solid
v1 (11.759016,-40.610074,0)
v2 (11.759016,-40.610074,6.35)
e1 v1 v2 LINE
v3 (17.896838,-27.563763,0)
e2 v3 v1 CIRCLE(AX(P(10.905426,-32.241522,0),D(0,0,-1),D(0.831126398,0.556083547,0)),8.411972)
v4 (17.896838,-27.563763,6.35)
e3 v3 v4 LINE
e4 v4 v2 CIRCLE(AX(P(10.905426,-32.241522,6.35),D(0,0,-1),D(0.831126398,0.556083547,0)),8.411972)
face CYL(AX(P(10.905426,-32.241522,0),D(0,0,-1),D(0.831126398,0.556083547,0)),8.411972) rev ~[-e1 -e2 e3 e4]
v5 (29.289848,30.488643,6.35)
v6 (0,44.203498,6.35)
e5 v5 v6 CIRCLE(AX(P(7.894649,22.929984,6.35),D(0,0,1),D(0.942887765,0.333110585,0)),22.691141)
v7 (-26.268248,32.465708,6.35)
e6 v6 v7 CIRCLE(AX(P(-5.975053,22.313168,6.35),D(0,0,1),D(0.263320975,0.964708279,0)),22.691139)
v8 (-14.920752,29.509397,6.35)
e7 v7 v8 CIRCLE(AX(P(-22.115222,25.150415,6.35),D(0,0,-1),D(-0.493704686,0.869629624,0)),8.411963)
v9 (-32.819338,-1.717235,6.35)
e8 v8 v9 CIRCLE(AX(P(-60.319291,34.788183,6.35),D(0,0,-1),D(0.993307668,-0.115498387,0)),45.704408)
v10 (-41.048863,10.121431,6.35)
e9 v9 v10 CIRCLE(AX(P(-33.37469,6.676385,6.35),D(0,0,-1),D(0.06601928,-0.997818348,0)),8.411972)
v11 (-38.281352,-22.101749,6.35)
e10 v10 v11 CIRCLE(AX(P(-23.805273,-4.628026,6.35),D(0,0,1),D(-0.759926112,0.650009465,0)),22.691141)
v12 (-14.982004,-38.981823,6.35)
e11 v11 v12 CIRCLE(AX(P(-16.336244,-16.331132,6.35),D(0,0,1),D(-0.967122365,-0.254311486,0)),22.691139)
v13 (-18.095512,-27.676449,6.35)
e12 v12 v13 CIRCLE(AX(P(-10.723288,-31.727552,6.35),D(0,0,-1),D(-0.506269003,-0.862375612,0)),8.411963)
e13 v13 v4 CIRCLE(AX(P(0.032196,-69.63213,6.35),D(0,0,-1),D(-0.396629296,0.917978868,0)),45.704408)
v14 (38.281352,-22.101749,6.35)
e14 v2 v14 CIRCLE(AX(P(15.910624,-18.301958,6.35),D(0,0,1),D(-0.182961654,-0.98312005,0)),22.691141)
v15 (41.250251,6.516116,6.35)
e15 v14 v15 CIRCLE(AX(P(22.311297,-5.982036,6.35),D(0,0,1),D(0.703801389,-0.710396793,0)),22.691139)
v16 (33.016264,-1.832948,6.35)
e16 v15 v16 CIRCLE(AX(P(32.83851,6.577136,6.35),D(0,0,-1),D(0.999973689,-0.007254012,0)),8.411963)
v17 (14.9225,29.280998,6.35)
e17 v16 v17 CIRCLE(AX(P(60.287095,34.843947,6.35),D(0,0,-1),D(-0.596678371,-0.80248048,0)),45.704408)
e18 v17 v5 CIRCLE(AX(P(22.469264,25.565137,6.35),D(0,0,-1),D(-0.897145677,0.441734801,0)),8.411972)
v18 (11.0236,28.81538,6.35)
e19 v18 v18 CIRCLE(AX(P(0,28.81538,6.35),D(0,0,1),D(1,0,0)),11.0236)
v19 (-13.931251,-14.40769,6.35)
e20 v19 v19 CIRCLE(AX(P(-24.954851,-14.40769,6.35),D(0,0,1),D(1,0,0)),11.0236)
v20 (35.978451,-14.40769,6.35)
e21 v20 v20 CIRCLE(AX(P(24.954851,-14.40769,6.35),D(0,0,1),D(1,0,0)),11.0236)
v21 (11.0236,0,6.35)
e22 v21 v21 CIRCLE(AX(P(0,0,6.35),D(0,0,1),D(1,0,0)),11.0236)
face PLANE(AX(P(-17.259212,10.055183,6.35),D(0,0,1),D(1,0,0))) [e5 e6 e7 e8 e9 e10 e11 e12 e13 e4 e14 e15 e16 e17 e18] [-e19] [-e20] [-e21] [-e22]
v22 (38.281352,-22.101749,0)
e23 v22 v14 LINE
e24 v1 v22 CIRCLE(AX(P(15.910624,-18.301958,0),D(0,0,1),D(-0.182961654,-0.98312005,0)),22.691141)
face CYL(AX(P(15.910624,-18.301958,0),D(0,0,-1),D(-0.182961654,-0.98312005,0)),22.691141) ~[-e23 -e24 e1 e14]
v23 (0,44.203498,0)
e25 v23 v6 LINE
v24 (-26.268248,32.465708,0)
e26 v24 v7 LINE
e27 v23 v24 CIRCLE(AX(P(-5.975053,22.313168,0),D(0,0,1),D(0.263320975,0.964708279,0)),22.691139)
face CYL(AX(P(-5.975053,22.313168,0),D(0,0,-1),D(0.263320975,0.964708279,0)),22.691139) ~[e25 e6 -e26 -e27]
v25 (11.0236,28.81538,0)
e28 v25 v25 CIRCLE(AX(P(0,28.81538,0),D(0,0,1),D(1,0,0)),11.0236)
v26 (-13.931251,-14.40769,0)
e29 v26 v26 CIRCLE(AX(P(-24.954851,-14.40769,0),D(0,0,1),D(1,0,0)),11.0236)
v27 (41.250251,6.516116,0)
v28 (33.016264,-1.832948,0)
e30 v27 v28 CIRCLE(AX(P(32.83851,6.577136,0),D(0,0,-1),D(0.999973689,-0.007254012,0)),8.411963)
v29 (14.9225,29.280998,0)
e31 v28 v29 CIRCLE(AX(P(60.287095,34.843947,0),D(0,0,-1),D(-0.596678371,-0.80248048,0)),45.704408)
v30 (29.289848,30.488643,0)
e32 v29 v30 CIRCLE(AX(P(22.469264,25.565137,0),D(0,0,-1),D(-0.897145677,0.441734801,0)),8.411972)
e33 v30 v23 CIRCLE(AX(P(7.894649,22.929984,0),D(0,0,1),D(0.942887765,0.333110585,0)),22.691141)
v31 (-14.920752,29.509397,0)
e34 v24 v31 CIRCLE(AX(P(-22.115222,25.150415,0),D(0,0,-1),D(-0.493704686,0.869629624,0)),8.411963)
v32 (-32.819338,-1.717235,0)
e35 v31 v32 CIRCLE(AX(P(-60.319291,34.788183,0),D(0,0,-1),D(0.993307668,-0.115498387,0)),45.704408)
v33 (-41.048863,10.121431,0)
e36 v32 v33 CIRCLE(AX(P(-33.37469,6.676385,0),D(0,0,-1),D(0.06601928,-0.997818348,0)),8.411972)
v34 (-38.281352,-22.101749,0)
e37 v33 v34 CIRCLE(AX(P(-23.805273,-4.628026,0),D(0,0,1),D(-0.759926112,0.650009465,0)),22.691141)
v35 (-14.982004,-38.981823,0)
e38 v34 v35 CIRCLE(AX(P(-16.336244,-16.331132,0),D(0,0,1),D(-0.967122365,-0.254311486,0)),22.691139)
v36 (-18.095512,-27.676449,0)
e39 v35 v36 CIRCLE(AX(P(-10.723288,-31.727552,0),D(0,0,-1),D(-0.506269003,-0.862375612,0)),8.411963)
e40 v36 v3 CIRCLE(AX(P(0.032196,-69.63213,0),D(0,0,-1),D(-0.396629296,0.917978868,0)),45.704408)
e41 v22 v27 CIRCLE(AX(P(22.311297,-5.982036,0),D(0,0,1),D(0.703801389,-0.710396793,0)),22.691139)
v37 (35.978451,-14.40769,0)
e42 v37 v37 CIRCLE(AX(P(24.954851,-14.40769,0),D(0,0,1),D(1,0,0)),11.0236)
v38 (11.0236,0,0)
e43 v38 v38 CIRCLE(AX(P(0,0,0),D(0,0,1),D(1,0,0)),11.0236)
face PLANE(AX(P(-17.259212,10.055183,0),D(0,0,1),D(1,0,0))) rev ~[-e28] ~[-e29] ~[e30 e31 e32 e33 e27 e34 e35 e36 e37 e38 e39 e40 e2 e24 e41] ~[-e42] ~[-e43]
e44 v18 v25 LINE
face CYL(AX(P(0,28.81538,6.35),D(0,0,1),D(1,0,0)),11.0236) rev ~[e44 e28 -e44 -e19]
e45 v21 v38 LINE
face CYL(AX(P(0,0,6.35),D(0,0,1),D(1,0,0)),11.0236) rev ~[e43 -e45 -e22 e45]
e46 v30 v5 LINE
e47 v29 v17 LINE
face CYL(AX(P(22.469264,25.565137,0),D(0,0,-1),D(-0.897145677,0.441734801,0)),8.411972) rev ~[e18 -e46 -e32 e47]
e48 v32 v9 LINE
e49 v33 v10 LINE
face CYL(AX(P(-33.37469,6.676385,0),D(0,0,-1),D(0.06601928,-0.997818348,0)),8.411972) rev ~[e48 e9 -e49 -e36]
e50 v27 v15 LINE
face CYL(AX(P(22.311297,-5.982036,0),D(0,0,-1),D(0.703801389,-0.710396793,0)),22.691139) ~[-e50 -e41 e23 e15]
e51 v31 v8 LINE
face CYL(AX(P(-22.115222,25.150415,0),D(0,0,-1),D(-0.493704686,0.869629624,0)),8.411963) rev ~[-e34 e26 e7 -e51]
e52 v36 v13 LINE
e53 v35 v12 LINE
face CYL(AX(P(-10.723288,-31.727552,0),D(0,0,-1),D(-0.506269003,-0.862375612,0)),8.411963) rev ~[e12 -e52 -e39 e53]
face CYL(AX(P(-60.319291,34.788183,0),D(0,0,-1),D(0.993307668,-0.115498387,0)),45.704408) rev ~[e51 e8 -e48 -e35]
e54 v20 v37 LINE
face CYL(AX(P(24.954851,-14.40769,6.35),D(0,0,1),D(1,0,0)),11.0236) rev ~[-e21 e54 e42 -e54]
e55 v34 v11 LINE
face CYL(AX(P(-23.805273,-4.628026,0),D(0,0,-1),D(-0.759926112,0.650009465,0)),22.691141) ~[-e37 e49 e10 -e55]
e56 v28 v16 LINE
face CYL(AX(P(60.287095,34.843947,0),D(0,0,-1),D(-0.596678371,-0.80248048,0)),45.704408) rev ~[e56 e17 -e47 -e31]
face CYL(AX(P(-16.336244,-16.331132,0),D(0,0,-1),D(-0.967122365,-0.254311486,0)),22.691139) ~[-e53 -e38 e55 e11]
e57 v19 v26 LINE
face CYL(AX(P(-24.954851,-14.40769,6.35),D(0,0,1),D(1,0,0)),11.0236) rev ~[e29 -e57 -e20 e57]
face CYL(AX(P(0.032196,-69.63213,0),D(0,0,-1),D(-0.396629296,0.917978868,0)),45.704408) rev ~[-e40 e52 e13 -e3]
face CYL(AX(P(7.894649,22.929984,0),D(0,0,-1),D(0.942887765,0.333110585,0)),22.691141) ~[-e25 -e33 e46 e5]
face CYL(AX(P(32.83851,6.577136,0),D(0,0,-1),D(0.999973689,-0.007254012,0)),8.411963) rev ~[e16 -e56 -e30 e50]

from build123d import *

# Parameters (mm, degrees)
F1_DEPTH = 6.35
F2_R     = 11.0236
F3_DEPTH = 25.4


with BuildPart() as f1:
    # F0 (on Top) → F1 (new body)
    with BuildSketch(Plane.XY):
        with BuildLine():
            ThreePointArc((-14.1227196697, -4.8197298038), (-12.923264088, 7.46125), (-2.8873513853, 14.6404989064))
            ThreePointArc((-2.8873513853, 14.6404989064), (-11.599705615, 19.8933550897), (-14.9207519912, 29.509397169))
            ThreePointArc((-14.9207519912, 29.509397169), (-20.666760531, 12.0600118238), (-32.819337954, -1.7172348184))
            ThreePointArc((-32.819337954, -1.7172348184), (-22.9152697066, 0.0806982345), (-14.1227196697, -4.8197298038))
        make_face()
        with BuildLine():
            ThreePointArc((-2.8873513853, 14.6404989064), (0, 14.3584978127), (2.8873513853, 14.6404989064))
            ThreePointArc((2.8873513853, 14.6404989064), (0, 14.9225), (-2.8873513853, 14.6404989064))
        make_face()
        with BuildLine():
            ThreePointArc((41.2502512136, 6.5161159055), (38.8277981147, 0.6703992328), (33.0162635944, -1.8329483165))
            ThreePointArc((33.0162635944, -1.8329483165), (38.3380750927, -7.2783701294), (40.280587954, -14.6404989064))
            ThreePointArc((40.280587954, -14.6404989064), (39.7721160968, -18.5027261069), (38.281352042, -22.1017489064))
            ThreePointArc((38.281352042, -22.1017489064), (44.8813052866, -8.3235134855), (41.2502512136, 6.5161159055))
        make_face()
        with BuildLine():
            ThreePointArc((38.281352042, -22.1017489064), (29.2203151545, -29.0545270492), (17.896837954, -27.5637629943))
            ThreePointArc((17.896837954, -27.5637629943), (18.5170992246, -35.8225420738), (11.759015573, -40.6100739312))
            ThreePointArc((11.759015573, -40.6100739312), (28.896139215, -36.910135981), (38.281352042, -22.1017489064))
        make_face()
        with BuildLine():
            ThreePointArc((2.8873513853, 14.6404989064), (11.5275215744, 9.4761412295), (14.9225, 0))
            ThreePointArc((14.9225, 0), (14.7211971409, -2.4428182474), (14.1227196697, -4.8197298038))
            ThreePointArc((14.1227196697, -4.8197298038), (23.0280036817, 0.0989621941), (33.0162635944, -1.8329483165))
            ThreePointArc((33.0162635944, -1.8329483165), (20.7776568749, 11.8679337218), (14.9225, 29.2809978127))
            ThreePointArc((14.9225, 29.2809978127), (11.5275215744, 19.8048565833), (2.8873513853, 14.6404989064))
        make_face()
        with BuildLine():
            ThreePointArc((17.896837954, -27.5637629943), (11.3877481322, -19.8855548178), (11.2353682843, -9.8207691025))
            ThreePointArc((11.2353682843, -9.8207691025), (0, -14.9225), (-11.2353682843, -9.8207691025))
            ThreePointArc((-11.2353682843, -9.8207691025), (-10.6368908131, -12.197680659), (-10.435587954, -14.6404989064))
            ThreePointArc((-10.435587954, -14.6404989064), (-12.4923038379, -22.2004331208), (-18.0955116031, -27.6764488525))
            ThreePointArc((-18.0955116031, -27.6764488525), (-0.1108963439, -23.9279455457), (17.896837954, -27.5637629943))
        make_face()
        with BuildLine():
            ThreePointArc((-2.8873513853, 14.6404989064), (0, 14.9225), (2.8873513853, 14.6404989064))
            ThreePointArc((2.8873513853, 14.6404989064), (11.5275215744, 19.8048565833), (14.9225, 29.2809978127))
            ThreePointArc((14.9225, 29.2809978127), (10.5518009423, 39.832798755), (0, 44.2034978127))
            ThreePointArc((0, 44.2034978127), (-10.4707381988, 39.913243475), (-14.9207519912, 29.509397169))
            ThreePointArc((-14.9207519912, 29.509397169), (-11.599705615, 19.8933550897), (-2.8873513853, 14.6404989064))
        make_face()
        with BuildLine():
            ThreePointArc((14.1227196697, -4.8197298038), (14.7211971409, -2.4428182474), (14.9225, 0))
            ThreePointArc((14.9225, 0), (11.5275215744, 9.4761412295), (2.8873513853, 14.6404989064))
            ThreePointArc((2.8873513853, 14.6404989064), (0, 14.3584978127), (-2.8873513853, 14.6404989064))
            ThreePointArc((-2.8873513853, 14.6404989064), (-12.923264088, 7.46125), (-14.1227196697, -4.8197298038))
            ThreePointArc((-14.1227196697, -4.8197298038), (-12.434823866, -7.1792489064), (-11.2353682843, -9.8207691025))
            ThreePointArc((-11.2353682843, -9.8207691025), (0, -14.9225), (11.2353682843, -9.8207691025))
            ThreePointArc((11.2353682843, -9.8207691025), (12.434823866, -7.1792489064), (14.1227196697, -4.8197298038))
        make_face()
        with BuildLine():
            ThreePointArc((-11.2353682843, -9.8207691025), (-12.923264088, -7.46125), (-14.1227196697, -4.8197298038))
            ThreePointArc((-14.1227196697, -4.8197298038), (-22.9152697066, 0.0806982345), (-32.819337954, -1.7172348184))
            ThreePointArc((-32.819337954, -1.7172348184), (-39.7721160968, -10.7782717058), (-38.281352042, -22.1017489064))
            ThreePointArc((-38.281352042, -22.1017489064), (-29.3305136974, -29.024547014), (-18.0955116031, -27.6764488525))
            ThreePointArc((-18.0955116031, -27.6764488525), (-12.4923038379, -22.2004331208), (-10.435587954, -14.6404989064))
            ThreePointArc((-10.435587954, -14.6404989064), (-10.6368908131, -12.197680659), (-11.2353682843, -9.8207691025))
        make_face()
        with BuildLine():
            ThreePointArc((33.0162635944, -1.8329483165), (23.0280036817, 0.0989621941), (14.1227196697, -4.8197298038))
            ThreePointArc((14.1227196697, -4.8197298038), (12.923264088, -7.46125), (11.2353682843, -9.8207691025))
            ThreePointArc((11.2353682843, -9.8207691025), (11.3877481322, -19.8855548178), (17.896837954, -27.5637629943))
            ThreePointArc((17.896837954, -27.5637629943), (29.2203151545, -29.0545270492), (38.281352042, -22.1017489064))
            ThreePointArc((38.281352042, -22.1017489064), (39.7721160968, -18.5027261069), (40.280587954, -14.6404989064))
            ThreePointArc((40.280587954, -14.6404989064), (38.3380750927, -7.2783701294), (33.0162635944, -1.8329483165))
        make_face()
        with BuildLine():
            ThreePointArc((0, 44.2034978127), (10.5518009423, 39.832798755), (14.9225, 29.2809978127))
            ThreePointArc((14.9225, 29.2809978127), (21.7646818518, 33.9475493698), (29.2898478875, 30.4886431753))
            ThreePointArc((29.2898478875, 30.4886431753), (17.5170458091, 43.479858622), (0, 44.2034978127))
        make_face()
        with BuildLine():
            ThreePointArc((-26.268247515, 32.4657075107), (-19.9944818236, 33.290659924), (-14.9207519912, 29.509397169))
            ThreePointArc((-14.9207519912, 29.509397169), (-10.4707381988, 39.913243475), (0, 44.2034978127))
            ThreePointArc((0, 44.2034978127), (-15.2322785161, 43.030107276), (-26.268247515, 32.4657075107))
        make_face()
        with BuildLine():
            ThreePointArc((-38.281352042, -22.1017489064), (-39.7721160968, -10.7782717058), (-32.819337954, -1.7172348184))
            ThreePointArc((-32.819337954, -1.7172348184), (-40.2817810764, 1.874992704), (-41.0488634605, 10.1214307559))
            ThreePointArc((-41.0488634605, 10.1214307559), (-46.4131850242, -6.569722641), (-38.281352042, -22.1017489064))
        make_face()
        with BuildLine():
            ThreePointArc((-14.9820036986, -38.9818234162), (-18.8333162911, -33.9610591567), (-18.0955116031, -27.6764488525))
            ThreePointArc((-18.0955116031, -27.6764488525), (-29.3305136974, -29.024547014), (-38.281352042, -22.1017489064))
            ThreePointArc((-38.281352042, -22.1017489064), (-29.6490267705, -34.7065937905), (-14.9820036986, -38.9818234162))
        make_face()
        with BuildLine():
            ThreePointArc((-11.2353682843, -9.8207691025), (-12.434823866, -7.1792489064), (-14.1227196697, -4.8197298038))
            ThreePointArc((-14.1227196697, -4.8197298038), (-12.923264088, -7.46125), (-11.2353682843, -9.8207691025))
        make_face()
        with BuildLine():
            ThreePointArc((11.2353682843, -9.8207691025), (12.923264088, -7.46125), (14.1227196697, -4.8197298038))
            ThreePointArc((14.1227196697, -4.8197298038), (12.434823866, -7.1792489064), (11.2353682843, -9.8207691025))
        make_face()
    extrude(amount=F1_DEPTH)

    # F2 (on face) → F3 (cut)
    with BuildSketch(Plane.XY.offset(6.35)):
        Circle(F2_R)
        with Locations((0, 28.8153796576)):
            Circle(F2_R)
        with Locations((-24.9548508032, -14.4076898288)):
            Circle(F2_R)
        with Locations((24.9548508032, -14.4076898288)):
            Circle(F2_R)
    extrude(amount=-F3_DEPTH, mode=Mode.SUBTRACT)


solid = f1.part
